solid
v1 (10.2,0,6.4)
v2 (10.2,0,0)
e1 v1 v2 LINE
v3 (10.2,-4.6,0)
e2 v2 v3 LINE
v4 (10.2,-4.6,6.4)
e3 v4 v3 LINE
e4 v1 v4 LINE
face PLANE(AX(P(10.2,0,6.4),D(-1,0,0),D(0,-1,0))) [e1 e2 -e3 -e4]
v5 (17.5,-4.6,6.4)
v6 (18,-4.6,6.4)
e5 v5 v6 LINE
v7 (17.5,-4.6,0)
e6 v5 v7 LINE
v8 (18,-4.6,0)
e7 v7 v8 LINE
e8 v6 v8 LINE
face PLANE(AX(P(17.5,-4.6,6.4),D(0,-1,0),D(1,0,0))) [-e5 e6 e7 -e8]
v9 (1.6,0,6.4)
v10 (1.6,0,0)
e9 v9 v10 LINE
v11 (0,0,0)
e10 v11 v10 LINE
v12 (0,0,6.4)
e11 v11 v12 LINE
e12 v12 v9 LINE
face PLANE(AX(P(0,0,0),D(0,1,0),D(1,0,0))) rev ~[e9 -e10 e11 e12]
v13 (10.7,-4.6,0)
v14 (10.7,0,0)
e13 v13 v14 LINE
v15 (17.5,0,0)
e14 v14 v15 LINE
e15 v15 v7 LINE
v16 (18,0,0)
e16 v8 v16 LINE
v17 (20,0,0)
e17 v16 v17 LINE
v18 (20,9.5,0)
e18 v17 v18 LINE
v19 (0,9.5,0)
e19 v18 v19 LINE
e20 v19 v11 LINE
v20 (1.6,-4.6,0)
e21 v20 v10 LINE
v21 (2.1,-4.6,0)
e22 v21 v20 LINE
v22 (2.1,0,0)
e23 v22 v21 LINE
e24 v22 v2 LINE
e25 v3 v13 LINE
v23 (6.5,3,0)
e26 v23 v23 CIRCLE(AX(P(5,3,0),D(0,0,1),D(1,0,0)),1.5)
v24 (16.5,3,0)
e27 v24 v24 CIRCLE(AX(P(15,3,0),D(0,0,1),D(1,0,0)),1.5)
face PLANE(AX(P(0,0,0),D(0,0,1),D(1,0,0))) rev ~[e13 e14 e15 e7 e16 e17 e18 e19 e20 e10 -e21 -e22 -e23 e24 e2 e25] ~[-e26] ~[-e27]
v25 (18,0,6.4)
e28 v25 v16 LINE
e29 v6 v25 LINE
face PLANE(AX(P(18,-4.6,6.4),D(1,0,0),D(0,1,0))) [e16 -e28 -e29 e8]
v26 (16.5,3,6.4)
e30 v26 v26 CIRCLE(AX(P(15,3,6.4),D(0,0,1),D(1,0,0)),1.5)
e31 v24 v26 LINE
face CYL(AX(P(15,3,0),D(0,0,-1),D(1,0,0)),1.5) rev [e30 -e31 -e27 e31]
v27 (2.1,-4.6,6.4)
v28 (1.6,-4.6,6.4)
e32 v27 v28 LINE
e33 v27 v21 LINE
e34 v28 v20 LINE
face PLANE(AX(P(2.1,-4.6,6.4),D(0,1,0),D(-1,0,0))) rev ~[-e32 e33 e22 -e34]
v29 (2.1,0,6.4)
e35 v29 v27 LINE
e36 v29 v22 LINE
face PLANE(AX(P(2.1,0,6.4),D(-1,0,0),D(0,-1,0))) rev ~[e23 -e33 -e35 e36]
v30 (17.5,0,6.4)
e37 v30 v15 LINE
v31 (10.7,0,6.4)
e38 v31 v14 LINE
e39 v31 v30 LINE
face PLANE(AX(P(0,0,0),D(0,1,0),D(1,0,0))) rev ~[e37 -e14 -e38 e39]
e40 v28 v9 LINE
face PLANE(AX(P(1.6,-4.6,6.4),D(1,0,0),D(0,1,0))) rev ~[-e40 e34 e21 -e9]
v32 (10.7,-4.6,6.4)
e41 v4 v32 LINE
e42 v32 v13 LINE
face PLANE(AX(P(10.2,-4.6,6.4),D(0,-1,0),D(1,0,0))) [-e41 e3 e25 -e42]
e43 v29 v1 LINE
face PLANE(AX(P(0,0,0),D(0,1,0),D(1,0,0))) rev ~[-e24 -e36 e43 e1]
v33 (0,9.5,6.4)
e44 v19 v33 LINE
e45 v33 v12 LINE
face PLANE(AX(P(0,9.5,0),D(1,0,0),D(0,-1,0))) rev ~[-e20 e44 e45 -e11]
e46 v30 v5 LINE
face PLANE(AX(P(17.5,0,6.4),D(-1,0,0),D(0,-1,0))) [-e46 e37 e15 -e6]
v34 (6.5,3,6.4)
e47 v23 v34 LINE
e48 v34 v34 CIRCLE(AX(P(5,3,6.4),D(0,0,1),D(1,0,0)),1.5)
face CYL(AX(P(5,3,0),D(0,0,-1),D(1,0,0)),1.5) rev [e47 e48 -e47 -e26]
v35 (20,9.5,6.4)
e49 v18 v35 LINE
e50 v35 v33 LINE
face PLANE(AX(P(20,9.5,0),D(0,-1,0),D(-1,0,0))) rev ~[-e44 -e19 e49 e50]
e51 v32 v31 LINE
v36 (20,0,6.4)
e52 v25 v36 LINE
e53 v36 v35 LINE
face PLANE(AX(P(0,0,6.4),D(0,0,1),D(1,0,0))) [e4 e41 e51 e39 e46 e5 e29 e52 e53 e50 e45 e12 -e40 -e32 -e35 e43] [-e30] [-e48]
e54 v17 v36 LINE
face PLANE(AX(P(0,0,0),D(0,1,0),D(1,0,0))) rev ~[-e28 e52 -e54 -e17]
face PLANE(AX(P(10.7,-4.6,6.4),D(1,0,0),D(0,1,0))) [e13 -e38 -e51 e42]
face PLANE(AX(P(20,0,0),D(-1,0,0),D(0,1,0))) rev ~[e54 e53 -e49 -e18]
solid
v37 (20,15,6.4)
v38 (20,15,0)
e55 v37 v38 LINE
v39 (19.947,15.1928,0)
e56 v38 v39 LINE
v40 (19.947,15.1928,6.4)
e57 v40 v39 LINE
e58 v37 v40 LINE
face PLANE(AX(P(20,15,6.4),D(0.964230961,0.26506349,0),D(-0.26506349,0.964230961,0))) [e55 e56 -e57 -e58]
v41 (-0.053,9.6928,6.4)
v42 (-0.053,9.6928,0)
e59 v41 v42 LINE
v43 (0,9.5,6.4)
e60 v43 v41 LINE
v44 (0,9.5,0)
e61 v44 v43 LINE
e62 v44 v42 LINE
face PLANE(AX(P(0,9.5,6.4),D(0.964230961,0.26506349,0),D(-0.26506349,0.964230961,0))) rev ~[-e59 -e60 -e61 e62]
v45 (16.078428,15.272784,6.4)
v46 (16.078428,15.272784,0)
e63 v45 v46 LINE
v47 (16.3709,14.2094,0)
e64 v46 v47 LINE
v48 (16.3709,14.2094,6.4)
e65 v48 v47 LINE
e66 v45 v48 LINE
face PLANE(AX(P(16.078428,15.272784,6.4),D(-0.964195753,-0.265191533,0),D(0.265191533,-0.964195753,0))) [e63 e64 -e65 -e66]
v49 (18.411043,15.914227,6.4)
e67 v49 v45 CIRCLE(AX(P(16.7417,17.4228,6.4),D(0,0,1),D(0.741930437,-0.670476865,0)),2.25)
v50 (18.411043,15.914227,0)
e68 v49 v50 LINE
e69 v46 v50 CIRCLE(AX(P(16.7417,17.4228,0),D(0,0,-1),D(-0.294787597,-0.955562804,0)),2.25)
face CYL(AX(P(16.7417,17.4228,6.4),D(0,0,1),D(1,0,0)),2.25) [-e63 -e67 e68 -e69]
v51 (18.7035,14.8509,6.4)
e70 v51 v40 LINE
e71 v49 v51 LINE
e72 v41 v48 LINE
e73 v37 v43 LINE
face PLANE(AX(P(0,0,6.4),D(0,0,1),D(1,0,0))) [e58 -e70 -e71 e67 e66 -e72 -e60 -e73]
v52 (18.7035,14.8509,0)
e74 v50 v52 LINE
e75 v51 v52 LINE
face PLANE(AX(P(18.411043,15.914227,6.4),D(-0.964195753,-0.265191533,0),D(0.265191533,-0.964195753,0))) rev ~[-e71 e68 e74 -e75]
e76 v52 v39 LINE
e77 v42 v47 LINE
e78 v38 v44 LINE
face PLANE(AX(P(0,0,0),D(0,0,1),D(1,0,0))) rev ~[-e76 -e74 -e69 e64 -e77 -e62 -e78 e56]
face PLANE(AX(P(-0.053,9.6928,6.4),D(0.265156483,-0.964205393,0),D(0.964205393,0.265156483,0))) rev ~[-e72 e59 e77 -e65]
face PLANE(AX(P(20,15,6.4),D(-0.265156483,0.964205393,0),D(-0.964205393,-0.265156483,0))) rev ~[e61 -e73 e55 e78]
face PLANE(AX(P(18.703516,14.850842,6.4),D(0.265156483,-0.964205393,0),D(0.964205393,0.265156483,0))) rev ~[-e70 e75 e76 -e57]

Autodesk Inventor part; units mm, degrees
ref_plane "YZ Plane" through (0, 0, 0) normal (1, 0, 0) x (0, 1, 0)
ref_plane "XZ Plane" through (0, 0, 0) normal (0, 1, 0) x (-1, 0, 0)
ref_plane "XY Plane" through (0, 0, 0) normal (0, 0, 1) x (1, 0, 0)
sketch "Sketch1" plane through (0, 0, 0) normal (0, 0, 1) x (1, 0, 0)
  line L0 (0, 0) -> (20, 0)
  line L1 (20, 0) -> (20, 9.5)
  line L2 (20, 9.5) -> (0, 9.5)
  line L3 (0, 9.5) -> (0, 0)
  circle A0 centre (5, 3) radius 1.5
  circle A1 centre (15, 3) radius 1.5
  dimension "d0" = 20
  dimension "d1" = 9.5
  dimension "d4" = 3
  dimension "d5" = 3
  dimension "d6" = 5
extrude "Extrusion1" add sketch "Sketch1" along normal blind 6.4
sketch "Sketch2" plane through (0, 0, 6.4) normal (0, 0, 1) x (1, 0, 0)
  line L0 (20, 0) -> (20, 9.5) projected
  line L1 (20, 9.5) -> (20, 15)
  line L2 (20, 9.5) -> (0, 9.5) projected
  line L3 (20, 15) -> (0, 9.5)
  line L4 (0, 9.5) -> (-0.053, 9.6928)
  line L5 (20, 15) -> (19.947, 15.1928)
  line L6 (-0.053, 9.6928) -> (19.947, 15.1928)
  circle A0 centre (16.7417, 17.4228) radius 2.25
  line L7 (15.8961, 15.9357) -> (16.3709, 14.2094)
  line L8 (18.2287, 16.5772) -> (18.7035, 14.8509)
  arc A1 (18.2287, 16.5772) -> (15.8961, 15.9357) centre (17.0624, 16.2565) ccw
  point P0 (0, 0)
  point P1 (18.4111, 15.9142)
  point P2 (16.0785, 15.2727)
  dimension "d7" = 5.5
  dimension "d8" = 0.2
  dimension "d9" = 270
  dimension "d10" = 0.2
  dimension "d13" = 4.5
  dimension "d28" = 3
extrude "Extrusion2" add sketch "Sketch2" against normal blind 6.4 contours L3 L4 L6 L5 | L6 L7 A0 L8 | L8 A1 L7 A0 | A0 L7 A1 L8
sketch "Sketch3" plane through (0, 0, 6.4) normal (0, 0, 1) x (1, 0, 0)
  line L0 (1.6, 0) -> (2.1, 0)
  line L1 (2.1, 0) -> (2.1, -4.6)
  line L2 (2.1, -4.6) -> (1.6, -4.6)
  line L3 (1.6, -4.6) -> (1.6, 0)
  line L4 (0, 0) -> (20, 0) projected
  line L5 (10.7, 0) -> (10.2, 0)
  line L6 (10.2, 0) -> (10.2, -4.6)
  line L7 (10.2, -4.6) -> (10.7, -4.6)
  line L8 (10.7, -4.6) -> (10.7, 0)
  line L9 (18, 0) -> (17.5, 0)
  line L10 (17.5, 0) -> (17.5, -4.6)
  line L11 (17.5, -4.6) -> (18, -4.6)
  line L12 (18, -4.6) -> (18, 0)
  line L13 (0, 9.5) -> (0, 0) projected
  dimension "d16" = 1.6
  dimension "d17" = 0.5
  dimension "d18" = 4.6
  dimension "d20" = 0.5
  dimension "d21" = 8.1
  dimension "d23" = 0.5
  dimension "d24" = 6.8
  dimension "d25" = 4.6
extrude "Extrusion3" add sketch "Sketch3" against normal blind 6.4
properties part number "00_MicroSwitch"
